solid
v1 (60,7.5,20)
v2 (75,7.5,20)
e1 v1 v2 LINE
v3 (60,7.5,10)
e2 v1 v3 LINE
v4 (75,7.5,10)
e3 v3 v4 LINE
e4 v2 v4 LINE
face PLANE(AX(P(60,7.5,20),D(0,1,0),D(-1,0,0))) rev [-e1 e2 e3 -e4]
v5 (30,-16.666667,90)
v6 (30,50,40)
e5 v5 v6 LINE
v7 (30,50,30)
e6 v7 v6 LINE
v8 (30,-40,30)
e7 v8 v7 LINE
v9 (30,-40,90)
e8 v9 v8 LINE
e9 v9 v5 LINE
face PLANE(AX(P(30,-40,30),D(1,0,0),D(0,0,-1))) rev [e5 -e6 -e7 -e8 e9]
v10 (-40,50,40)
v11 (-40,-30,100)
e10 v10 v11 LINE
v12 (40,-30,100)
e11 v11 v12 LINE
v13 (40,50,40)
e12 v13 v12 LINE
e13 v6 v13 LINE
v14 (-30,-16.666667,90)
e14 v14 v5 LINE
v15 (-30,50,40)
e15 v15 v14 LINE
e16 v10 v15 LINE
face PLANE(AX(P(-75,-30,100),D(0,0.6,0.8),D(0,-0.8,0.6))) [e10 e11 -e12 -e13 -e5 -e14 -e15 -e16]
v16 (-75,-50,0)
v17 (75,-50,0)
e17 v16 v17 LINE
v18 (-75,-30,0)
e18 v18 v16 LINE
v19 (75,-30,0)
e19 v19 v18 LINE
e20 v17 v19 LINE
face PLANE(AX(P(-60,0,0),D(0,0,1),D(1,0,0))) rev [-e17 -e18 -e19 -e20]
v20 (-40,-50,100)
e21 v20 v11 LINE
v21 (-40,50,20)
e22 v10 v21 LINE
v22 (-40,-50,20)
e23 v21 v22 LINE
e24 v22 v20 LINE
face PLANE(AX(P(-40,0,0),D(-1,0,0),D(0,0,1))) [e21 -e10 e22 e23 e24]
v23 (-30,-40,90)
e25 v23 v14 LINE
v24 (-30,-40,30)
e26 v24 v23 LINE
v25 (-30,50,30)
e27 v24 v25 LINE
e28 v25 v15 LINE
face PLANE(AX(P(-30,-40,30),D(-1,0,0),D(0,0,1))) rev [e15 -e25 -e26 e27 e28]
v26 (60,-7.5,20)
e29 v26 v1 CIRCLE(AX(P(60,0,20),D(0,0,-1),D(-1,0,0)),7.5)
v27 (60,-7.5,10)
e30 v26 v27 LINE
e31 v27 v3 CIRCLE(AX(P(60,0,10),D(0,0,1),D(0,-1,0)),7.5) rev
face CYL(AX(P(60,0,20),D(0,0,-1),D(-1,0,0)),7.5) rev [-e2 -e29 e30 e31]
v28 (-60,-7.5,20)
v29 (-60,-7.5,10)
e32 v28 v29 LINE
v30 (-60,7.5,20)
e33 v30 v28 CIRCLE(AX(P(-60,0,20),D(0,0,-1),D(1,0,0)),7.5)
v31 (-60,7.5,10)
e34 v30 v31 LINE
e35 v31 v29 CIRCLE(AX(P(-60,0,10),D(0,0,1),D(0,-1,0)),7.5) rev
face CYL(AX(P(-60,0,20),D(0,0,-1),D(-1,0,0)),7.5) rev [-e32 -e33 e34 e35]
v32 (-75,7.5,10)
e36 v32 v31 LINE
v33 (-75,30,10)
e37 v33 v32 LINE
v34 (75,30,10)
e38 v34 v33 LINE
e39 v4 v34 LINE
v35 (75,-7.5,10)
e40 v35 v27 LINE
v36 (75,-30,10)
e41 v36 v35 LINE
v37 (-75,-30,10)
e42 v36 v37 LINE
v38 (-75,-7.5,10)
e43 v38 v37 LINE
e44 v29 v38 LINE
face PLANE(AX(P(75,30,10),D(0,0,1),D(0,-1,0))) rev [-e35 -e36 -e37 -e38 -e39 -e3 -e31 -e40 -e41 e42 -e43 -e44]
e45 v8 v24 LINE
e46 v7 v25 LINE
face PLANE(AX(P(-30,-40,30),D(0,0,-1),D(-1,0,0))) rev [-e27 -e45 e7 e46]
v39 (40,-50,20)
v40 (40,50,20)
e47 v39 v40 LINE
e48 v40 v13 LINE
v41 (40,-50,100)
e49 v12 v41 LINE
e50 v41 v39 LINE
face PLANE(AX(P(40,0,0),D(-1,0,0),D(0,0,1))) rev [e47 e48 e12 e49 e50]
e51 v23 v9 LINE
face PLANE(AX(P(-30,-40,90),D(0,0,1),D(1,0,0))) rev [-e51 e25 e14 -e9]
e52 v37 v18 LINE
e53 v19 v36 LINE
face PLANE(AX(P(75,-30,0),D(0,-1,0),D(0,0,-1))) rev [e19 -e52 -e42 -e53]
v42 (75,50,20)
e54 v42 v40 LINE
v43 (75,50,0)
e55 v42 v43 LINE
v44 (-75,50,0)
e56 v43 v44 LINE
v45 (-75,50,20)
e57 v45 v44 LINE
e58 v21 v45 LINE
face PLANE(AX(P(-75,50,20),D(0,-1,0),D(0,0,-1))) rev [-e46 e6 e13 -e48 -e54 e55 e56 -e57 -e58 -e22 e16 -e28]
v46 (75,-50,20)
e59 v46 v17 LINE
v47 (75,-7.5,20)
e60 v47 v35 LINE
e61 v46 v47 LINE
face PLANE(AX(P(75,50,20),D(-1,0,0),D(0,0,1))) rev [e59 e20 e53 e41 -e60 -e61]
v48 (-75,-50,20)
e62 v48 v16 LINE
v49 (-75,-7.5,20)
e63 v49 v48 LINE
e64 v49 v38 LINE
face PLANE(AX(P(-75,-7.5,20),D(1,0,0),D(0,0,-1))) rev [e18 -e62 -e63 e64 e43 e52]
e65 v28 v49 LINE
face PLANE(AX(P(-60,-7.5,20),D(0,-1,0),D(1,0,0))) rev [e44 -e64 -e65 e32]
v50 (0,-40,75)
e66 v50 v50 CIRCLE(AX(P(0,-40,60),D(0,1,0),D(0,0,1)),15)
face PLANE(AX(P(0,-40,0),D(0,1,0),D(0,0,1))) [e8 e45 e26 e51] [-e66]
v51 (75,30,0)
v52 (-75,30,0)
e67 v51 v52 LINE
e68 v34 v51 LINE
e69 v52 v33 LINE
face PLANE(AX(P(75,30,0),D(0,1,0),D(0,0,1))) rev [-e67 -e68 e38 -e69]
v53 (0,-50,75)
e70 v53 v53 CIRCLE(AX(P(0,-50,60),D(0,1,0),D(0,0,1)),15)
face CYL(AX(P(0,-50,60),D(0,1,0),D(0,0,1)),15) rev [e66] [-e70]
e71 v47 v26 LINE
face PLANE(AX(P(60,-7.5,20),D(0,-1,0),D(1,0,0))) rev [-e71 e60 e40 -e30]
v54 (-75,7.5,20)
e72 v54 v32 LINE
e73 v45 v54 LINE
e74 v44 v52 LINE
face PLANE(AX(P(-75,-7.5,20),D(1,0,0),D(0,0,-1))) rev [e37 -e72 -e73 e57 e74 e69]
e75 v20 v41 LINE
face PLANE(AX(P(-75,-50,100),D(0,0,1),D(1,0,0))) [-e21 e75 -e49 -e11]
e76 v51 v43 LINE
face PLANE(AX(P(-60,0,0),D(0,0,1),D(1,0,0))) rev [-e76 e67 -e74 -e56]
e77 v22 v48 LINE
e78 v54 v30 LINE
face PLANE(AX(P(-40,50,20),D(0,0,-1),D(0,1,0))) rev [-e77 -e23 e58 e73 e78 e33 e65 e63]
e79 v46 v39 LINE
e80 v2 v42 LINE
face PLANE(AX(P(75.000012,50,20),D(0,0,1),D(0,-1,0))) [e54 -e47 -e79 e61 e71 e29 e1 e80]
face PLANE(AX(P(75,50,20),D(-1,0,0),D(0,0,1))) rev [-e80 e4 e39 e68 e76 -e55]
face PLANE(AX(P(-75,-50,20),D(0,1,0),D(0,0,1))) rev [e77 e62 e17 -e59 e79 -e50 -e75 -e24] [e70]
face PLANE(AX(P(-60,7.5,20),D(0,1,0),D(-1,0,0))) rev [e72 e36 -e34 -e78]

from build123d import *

# Parameters (mm, degrees)
SALIENTE_EXTRUIR1_DEPTH    = 20
CROQUIS3_W                 = 10
CROQUIS3_H                 = 60
CORTAR_EXTRUIR1_DEPTH      = 1
CORTAR_EXTRUIR1_DEPTH_BACK = 151
SALIENTE_EXTRUIR2_DEPTH    = 150
CROQUIS6_W                 = 80
CROQUIS6_H                 = 100
CORTAR_EXTRUIR2_DEPTH      = 1
CORTAR_EXTRUIR2_DEPTH_BACK = 35
CROQUIS7_W                 = 80
CROQUIS7_H                 = 100
CORTAR_EXTRUIR3_DEPTH      = 35
CROQUIS8_W                 = 60
CROQUIS8_H                 = 60
CORTAR_EXTRUIR4_DEPTH      = 90
CROQUIS9_R                 = 15
CORTAR_EXTRUIR5_DEPTH      = 101


with BuildPart() as part:
    # Croquis2 → Saliente-Extruir1 (new body)
    with BuildSketch(Plane.XY):
        with BuildLine():
            Line((-75, 50), (75, 50))
            Line((75, 50), (75, 7.5))
            Line((75, 7.5), (60, 7.5))
            ThreePointArc((60, 7.5), (52.5, 0), (60, -7.5))
            Line((60, -7.5), (75, -7.5))
            Line((75, -7.5), (75, -50))
            Line((75, -50), (-75, -50))
            Line((-75, -50), (-75, -7.5))
            Line((-75, -7.5), (-60, -7.5))
            ThreePointArc((-60, -7.5), (-52.5, 0), (-60, 7.5))
            Line((-60, 7.5), (-75, 7.5))
            Line((-75, 7.5), (-75, 50))
        make_face()
    extrude(amount=SALIENTE_EXTRUIR1_DEPTH)

    # Croquis3 → Cortar-Extruir1 (cut, two sides)
    with BuildSketch(Plane.ZY.offset(75)) as cortar_extruir1_sk:
        with Locations((5, 0)):
            Rectangle(CROQUIS3_W, CROQUIS3_H)
    extrude(amount=CORTAR_EXTRUIR1_DEPTH, mode=Mode.SUBTRACT)
    extrude(cortar_extruir1_sk.sketch, amount=-CORTAR_EXTRUIR1_DEPTH_BACK, mode=Mode.SUBTRACT)

    # Croquis5 → Saliente-Extruir2 (add, through all)
    with BuildSketch(Plane(origin=(75, 0, 0), x_dir=(0, 0, -1), z_dir=(1, 0, 0))):
        Polygon((-40, 50), (-20, 50), (-20, -50), (-40, -50), (-100, -50), (-100, -30), align=None)
    extrude(amount=-SALIENTE_EXTRUIR2_DEPTH)

    # Croquis6 → Cortar-Extruir2 (cut, two sides)
    with BuildSketch(Plane(origin=(75, 0, 0), x_dir=(0, 0, -1), z_dir=(1, 0, 0))) as cortar_extruir2_sk:
        with Locations((-60, 0)):
            Rectangle(CROQUIS6_W, CROQUIS6_H)
    extrude(amount=CORTAR_EXTRUIR2_DEPTH, mode=Mode.SUBTRACT)
    extrude(cortar_extruir2_sk.sketch, amount=-CORTAR_EXTRUIR2_DEPTH_BACK, mode=Mode.SUBTRACT)

    # Croquis7 → Cortar-Extruir3 (cut)
    with BuildSketch(Plane.ZY.offset(75)):
        with Locations((60, 0)):
            Rectangle(CROQUIS7_W, CROQUIS7_H)
    extrude(amount=-CORTAR_EXTRUIR3_DEPTH, mode=Mode.SUBTRACT)

    # Croquis8 → Cortar-Extruir4 (cut)
    with BuildSketch(Plane(origin=(0, 50, 0), x_dir=(1, 0, 0), z_dir=(0, 1, 0))):
        with Locations((0, -60)):
            Rectangle(CROQUIS8_W, CROQUIS8_H)
    extrude(amount=-CORTAR_EXTRUIR4_DEPTH, mode=Mode.SUBTRACT)

    # Croquis9 → Cortar-Extruir5 (cut, through all)
    with BuildSketch(Plane(origin=(0, 50, 0), x_dir=(1, 0, 0), z_dir=(0, 1, 0))):
        with Locations((0, -60)):
            Circle(CROQUIS9_R)
    extrude(amount=-CORTAR_EXTRUIR5_DEPTH, mode=Mode.SUBTRACT)


solid = part.part
